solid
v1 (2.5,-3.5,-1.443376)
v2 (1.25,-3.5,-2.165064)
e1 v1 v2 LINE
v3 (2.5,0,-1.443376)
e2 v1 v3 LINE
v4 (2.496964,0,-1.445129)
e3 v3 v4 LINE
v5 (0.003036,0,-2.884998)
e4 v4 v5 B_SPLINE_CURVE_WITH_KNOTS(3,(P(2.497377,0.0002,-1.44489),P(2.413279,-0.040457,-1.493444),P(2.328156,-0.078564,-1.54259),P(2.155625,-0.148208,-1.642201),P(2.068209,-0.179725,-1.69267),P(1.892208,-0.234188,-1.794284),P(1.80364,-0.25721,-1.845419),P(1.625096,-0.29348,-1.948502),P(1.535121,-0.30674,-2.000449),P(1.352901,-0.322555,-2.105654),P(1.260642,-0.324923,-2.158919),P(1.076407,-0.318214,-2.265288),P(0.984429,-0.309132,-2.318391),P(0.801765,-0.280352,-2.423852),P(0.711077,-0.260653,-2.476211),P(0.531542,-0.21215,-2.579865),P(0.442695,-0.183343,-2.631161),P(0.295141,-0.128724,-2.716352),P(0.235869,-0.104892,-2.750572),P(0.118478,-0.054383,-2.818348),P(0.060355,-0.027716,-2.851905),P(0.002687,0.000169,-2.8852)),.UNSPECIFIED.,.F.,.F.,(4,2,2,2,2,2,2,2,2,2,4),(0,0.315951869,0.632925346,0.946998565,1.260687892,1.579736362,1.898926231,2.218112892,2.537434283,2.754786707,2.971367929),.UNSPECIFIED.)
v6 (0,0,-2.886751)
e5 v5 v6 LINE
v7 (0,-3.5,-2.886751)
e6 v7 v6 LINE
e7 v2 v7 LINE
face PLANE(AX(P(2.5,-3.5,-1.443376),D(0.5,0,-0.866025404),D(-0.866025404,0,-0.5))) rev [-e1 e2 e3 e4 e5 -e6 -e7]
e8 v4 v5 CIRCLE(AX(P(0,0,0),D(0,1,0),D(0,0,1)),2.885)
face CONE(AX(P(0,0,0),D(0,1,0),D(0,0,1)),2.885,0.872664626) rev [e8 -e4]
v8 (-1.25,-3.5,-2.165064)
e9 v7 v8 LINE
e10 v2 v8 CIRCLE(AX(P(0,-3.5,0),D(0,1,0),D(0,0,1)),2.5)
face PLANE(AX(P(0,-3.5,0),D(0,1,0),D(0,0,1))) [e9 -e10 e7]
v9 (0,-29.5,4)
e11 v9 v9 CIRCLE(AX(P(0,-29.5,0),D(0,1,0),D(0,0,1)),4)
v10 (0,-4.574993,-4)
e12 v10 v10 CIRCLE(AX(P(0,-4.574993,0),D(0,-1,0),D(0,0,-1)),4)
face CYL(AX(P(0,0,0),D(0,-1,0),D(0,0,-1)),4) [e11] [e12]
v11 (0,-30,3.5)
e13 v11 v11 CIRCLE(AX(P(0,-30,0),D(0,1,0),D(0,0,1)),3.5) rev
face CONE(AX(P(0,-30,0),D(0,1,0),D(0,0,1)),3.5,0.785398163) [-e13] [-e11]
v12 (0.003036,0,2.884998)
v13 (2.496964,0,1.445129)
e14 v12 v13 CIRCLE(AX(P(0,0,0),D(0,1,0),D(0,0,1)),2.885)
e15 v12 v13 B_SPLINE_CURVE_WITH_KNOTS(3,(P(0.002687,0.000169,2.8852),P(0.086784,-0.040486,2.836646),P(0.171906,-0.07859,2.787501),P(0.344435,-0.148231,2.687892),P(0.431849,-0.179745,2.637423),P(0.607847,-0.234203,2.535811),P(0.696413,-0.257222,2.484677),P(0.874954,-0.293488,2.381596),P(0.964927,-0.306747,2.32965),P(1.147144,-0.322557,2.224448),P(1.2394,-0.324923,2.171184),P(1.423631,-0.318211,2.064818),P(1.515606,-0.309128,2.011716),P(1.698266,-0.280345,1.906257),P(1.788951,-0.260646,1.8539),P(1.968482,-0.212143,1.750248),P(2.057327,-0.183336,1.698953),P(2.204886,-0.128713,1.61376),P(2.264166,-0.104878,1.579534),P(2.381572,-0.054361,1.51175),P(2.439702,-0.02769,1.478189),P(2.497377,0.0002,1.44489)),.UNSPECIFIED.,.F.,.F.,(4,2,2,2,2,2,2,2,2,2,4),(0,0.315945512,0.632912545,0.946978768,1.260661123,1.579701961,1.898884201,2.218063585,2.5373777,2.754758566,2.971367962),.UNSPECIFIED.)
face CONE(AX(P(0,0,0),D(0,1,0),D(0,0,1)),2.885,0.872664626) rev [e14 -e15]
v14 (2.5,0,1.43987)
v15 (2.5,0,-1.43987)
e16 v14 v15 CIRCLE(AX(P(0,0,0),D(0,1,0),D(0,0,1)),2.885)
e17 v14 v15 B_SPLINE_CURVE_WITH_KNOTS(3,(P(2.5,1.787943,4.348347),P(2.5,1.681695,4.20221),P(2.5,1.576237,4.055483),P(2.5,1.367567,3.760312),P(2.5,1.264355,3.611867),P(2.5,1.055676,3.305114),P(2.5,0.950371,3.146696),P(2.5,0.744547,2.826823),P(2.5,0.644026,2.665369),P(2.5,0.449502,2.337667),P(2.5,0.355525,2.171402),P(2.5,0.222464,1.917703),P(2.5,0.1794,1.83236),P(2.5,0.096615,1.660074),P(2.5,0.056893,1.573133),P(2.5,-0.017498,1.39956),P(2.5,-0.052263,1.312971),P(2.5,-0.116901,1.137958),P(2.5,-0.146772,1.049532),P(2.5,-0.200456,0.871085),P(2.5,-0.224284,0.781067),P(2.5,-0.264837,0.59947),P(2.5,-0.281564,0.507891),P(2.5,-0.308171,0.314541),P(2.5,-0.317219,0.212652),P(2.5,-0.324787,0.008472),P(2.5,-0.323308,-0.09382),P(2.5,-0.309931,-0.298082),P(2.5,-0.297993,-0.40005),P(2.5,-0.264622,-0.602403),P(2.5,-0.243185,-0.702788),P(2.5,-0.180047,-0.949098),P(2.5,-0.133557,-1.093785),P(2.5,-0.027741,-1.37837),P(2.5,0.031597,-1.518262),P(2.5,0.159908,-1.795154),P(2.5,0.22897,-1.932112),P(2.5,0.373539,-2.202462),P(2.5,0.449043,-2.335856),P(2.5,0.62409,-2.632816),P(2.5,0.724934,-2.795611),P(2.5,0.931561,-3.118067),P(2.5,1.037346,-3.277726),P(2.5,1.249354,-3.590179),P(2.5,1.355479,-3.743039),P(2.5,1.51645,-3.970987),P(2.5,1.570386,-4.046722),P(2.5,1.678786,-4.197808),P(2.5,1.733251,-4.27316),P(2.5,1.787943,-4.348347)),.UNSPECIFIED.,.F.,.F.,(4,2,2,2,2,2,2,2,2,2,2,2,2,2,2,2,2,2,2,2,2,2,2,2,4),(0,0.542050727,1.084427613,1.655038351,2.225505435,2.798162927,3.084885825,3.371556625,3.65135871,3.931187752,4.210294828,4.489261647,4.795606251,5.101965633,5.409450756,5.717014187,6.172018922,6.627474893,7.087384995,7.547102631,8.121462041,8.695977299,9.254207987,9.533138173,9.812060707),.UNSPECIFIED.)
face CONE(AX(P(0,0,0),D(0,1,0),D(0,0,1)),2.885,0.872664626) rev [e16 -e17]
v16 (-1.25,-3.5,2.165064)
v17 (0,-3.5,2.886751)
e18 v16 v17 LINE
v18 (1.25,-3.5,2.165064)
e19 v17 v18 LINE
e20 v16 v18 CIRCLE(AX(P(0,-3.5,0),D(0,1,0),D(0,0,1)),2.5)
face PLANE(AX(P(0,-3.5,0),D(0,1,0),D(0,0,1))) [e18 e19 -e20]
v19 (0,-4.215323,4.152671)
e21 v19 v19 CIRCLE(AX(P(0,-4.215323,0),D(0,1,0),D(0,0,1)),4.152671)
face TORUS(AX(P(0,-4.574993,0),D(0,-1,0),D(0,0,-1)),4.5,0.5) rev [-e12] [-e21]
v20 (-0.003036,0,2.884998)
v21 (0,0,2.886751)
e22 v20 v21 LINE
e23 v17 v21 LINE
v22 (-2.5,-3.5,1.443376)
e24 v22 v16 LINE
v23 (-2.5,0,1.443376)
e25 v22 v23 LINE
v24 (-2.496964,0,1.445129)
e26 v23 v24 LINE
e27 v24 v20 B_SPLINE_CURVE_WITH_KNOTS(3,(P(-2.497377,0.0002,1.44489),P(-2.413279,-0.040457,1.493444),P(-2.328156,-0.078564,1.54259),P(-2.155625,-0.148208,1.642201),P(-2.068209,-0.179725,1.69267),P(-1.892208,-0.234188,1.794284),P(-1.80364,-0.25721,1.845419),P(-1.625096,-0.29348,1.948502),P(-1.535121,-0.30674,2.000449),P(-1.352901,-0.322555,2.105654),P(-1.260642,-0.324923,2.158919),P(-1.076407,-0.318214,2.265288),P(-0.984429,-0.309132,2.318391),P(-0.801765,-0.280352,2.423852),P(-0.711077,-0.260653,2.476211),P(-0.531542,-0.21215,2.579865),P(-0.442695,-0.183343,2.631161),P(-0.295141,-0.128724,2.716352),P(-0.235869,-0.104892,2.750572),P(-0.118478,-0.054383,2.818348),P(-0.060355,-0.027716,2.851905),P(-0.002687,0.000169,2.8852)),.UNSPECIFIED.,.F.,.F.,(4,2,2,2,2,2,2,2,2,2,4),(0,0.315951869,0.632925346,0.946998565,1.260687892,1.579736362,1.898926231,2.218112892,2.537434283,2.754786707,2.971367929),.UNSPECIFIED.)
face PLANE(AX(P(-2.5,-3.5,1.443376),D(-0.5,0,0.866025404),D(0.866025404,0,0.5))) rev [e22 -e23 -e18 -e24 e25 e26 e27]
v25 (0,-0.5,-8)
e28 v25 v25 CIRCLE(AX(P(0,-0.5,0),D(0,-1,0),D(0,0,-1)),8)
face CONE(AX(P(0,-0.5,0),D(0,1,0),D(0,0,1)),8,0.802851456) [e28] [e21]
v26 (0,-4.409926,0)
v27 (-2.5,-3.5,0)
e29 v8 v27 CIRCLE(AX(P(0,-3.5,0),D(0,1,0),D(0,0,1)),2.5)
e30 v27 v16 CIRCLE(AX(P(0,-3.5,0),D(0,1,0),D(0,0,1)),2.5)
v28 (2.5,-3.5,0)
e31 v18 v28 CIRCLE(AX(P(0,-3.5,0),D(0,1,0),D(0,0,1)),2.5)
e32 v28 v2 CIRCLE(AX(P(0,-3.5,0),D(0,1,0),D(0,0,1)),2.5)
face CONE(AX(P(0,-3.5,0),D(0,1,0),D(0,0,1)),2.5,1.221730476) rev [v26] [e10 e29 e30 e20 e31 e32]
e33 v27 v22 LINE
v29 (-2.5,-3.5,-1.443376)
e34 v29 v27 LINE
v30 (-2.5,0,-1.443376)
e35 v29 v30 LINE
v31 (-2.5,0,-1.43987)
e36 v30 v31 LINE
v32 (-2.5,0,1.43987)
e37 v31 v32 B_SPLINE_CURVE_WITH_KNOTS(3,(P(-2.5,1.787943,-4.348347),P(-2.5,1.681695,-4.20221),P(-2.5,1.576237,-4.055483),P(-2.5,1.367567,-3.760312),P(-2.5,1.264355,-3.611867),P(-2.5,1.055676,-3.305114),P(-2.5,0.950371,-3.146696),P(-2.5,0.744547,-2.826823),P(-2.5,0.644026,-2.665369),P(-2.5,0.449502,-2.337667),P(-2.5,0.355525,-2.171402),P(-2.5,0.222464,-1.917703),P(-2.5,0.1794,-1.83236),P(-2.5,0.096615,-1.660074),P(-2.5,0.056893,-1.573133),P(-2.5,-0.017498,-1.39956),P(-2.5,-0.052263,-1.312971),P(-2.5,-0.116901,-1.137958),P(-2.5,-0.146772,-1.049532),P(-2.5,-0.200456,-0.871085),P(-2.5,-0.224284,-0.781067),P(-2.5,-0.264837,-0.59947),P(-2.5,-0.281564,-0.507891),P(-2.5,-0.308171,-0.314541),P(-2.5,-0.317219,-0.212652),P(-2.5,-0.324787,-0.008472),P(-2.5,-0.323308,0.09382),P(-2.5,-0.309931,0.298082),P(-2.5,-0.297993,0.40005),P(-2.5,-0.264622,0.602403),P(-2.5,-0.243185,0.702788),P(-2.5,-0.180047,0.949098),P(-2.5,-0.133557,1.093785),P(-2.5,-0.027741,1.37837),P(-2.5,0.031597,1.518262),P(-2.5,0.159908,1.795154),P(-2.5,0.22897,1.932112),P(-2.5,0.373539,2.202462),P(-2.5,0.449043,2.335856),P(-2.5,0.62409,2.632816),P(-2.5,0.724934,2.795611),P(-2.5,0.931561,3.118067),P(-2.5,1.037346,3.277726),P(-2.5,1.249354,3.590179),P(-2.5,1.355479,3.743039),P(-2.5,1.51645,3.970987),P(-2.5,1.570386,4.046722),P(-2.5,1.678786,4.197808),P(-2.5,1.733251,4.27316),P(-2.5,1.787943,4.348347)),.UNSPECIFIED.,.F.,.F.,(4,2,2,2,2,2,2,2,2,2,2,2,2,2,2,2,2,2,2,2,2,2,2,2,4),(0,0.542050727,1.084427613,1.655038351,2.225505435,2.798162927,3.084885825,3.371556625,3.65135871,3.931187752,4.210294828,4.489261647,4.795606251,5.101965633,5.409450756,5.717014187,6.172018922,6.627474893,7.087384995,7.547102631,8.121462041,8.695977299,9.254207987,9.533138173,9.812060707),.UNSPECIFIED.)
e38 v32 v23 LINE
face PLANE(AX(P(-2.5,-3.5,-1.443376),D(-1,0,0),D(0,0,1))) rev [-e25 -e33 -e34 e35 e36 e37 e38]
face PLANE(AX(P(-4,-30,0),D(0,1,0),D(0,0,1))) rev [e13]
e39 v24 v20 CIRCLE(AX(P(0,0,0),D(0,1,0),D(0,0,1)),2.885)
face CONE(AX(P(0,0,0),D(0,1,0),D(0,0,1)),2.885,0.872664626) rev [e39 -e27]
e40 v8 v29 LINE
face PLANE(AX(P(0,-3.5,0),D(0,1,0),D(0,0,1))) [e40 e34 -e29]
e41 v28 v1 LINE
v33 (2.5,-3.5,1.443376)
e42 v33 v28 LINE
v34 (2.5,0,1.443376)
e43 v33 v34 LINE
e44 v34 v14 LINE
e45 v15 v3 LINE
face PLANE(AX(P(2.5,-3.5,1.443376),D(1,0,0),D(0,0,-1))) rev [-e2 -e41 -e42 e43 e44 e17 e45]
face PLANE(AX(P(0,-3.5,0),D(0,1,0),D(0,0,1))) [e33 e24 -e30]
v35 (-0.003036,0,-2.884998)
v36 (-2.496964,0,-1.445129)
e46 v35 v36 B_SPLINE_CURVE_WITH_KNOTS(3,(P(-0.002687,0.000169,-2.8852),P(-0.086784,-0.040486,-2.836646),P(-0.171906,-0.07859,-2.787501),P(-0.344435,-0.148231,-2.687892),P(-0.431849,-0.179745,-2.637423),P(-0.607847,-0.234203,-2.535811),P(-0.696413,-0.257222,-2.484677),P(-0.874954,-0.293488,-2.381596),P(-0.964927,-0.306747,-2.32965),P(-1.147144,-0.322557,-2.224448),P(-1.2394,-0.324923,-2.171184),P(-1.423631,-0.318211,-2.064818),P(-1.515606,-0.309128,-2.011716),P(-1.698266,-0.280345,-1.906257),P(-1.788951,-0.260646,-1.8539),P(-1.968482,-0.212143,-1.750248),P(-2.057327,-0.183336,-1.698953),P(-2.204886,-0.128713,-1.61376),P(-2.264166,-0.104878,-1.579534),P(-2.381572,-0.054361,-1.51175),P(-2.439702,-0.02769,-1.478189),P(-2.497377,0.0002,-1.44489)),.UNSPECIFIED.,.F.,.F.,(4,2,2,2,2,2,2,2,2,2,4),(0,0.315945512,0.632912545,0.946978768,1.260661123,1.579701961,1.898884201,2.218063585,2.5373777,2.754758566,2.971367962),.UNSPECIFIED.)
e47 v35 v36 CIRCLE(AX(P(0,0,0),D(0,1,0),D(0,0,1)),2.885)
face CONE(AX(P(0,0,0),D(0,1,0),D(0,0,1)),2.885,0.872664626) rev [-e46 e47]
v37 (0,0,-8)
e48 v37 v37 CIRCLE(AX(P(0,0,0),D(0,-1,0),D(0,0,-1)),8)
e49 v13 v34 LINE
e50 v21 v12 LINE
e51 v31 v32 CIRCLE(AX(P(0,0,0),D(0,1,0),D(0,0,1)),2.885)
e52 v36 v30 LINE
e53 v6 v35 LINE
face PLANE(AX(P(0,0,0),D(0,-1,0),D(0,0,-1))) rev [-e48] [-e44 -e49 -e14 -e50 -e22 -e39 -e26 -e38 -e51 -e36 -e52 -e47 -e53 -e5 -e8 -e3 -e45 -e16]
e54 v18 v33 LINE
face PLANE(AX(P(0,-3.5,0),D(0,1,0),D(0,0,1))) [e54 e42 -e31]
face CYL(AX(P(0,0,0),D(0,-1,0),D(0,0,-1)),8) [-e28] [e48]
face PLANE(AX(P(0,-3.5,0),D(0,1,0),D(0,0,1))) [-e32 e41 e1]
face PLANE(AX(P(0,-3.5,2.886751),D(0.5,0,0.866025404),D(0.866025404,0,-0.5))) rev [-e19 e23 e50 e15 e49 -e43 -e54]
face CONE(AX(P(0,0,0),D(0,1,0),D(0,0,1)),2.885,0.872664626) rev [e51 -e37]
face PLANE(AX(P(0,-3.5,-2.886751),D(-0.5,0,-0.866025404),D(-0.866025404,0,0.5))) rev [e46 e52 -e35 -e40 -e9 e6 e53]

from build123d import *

# Parameters (mm, degrees)
CUT_EXTRUDE1_DEPTH = 3.5
FILLET1_R          = 0.5
CHAMFER1_SIZE      = 0.5


with BuildPart() as part:
    # Sketch1 → Revolve1 (revolve)
    with BuildSketch(Plane.XY, mode=Mode.PRIVATE) as revolve1_sk:
        Polygon((0, 0), (-8, 0), (-8, -0.5), (-4, -4.362755099), (-4, -30), (0, -30), align=None)
    revolve(revolve1_sk.sketch.rotate(Axis((0, 0, 0), (0, 1, 0)), 270), axis=Axis((0, 0, 0), (0, 1, 0)))

    # Sketch2 → Cut-Extrude1 (cut)
    with BuildSketch(Plane(origin=(0, 0, 0), x_dir=(1, 0, 0), z_dir=(0, 1, 0))):
        Polygon((0, 2.886751346), (-2.5, 1.443375673), (-2.5, -1.443375673), (0, -2.886751346), (2.5, -1.443375673), (2.5, 1.443375673), align=None)
    extrude(amount=-CUT_EXTRUDE1_DEPTH, mode=Mode.SUBTRACT)

    # Sketch3 → Cut-Revolve1 (revolve, cut)
    with BuildSketch(Plane.XY, mode=Mode.PRIVATE) as cut_revolve1_sk:
        Polygon((-2.5, -0.323053358), (-2.885, 0), (0, 0), (0, -4.409925586), (-2.5, -3.5), align=None)
    revolve(cut_revolve1_sk.sketch.rotate(Axis((0, -4.409925586, 0), (0, -1, 0)), 270), axis=Axis((0, -4.409925586, 0), (0, -1, 0)), mode=Mode.SUBTRACT)

    # Fillet1
    fillet1_edges = [part.edges().sort_by_distance(p)[0] for p in [
        (0, -4.362755099, 4),
    ]]
    fillet(fillet1_edges, radius=FILLET1_R)

    # Chamfer1
    chamfer1_edges = [part.edges().sort_by_distance(p)[0] for p in [
        (0, -30, 4),
    ]]
    chamfer(chamfer1_edges, length=CHAMFER1_SIZE)


solid = part.part
